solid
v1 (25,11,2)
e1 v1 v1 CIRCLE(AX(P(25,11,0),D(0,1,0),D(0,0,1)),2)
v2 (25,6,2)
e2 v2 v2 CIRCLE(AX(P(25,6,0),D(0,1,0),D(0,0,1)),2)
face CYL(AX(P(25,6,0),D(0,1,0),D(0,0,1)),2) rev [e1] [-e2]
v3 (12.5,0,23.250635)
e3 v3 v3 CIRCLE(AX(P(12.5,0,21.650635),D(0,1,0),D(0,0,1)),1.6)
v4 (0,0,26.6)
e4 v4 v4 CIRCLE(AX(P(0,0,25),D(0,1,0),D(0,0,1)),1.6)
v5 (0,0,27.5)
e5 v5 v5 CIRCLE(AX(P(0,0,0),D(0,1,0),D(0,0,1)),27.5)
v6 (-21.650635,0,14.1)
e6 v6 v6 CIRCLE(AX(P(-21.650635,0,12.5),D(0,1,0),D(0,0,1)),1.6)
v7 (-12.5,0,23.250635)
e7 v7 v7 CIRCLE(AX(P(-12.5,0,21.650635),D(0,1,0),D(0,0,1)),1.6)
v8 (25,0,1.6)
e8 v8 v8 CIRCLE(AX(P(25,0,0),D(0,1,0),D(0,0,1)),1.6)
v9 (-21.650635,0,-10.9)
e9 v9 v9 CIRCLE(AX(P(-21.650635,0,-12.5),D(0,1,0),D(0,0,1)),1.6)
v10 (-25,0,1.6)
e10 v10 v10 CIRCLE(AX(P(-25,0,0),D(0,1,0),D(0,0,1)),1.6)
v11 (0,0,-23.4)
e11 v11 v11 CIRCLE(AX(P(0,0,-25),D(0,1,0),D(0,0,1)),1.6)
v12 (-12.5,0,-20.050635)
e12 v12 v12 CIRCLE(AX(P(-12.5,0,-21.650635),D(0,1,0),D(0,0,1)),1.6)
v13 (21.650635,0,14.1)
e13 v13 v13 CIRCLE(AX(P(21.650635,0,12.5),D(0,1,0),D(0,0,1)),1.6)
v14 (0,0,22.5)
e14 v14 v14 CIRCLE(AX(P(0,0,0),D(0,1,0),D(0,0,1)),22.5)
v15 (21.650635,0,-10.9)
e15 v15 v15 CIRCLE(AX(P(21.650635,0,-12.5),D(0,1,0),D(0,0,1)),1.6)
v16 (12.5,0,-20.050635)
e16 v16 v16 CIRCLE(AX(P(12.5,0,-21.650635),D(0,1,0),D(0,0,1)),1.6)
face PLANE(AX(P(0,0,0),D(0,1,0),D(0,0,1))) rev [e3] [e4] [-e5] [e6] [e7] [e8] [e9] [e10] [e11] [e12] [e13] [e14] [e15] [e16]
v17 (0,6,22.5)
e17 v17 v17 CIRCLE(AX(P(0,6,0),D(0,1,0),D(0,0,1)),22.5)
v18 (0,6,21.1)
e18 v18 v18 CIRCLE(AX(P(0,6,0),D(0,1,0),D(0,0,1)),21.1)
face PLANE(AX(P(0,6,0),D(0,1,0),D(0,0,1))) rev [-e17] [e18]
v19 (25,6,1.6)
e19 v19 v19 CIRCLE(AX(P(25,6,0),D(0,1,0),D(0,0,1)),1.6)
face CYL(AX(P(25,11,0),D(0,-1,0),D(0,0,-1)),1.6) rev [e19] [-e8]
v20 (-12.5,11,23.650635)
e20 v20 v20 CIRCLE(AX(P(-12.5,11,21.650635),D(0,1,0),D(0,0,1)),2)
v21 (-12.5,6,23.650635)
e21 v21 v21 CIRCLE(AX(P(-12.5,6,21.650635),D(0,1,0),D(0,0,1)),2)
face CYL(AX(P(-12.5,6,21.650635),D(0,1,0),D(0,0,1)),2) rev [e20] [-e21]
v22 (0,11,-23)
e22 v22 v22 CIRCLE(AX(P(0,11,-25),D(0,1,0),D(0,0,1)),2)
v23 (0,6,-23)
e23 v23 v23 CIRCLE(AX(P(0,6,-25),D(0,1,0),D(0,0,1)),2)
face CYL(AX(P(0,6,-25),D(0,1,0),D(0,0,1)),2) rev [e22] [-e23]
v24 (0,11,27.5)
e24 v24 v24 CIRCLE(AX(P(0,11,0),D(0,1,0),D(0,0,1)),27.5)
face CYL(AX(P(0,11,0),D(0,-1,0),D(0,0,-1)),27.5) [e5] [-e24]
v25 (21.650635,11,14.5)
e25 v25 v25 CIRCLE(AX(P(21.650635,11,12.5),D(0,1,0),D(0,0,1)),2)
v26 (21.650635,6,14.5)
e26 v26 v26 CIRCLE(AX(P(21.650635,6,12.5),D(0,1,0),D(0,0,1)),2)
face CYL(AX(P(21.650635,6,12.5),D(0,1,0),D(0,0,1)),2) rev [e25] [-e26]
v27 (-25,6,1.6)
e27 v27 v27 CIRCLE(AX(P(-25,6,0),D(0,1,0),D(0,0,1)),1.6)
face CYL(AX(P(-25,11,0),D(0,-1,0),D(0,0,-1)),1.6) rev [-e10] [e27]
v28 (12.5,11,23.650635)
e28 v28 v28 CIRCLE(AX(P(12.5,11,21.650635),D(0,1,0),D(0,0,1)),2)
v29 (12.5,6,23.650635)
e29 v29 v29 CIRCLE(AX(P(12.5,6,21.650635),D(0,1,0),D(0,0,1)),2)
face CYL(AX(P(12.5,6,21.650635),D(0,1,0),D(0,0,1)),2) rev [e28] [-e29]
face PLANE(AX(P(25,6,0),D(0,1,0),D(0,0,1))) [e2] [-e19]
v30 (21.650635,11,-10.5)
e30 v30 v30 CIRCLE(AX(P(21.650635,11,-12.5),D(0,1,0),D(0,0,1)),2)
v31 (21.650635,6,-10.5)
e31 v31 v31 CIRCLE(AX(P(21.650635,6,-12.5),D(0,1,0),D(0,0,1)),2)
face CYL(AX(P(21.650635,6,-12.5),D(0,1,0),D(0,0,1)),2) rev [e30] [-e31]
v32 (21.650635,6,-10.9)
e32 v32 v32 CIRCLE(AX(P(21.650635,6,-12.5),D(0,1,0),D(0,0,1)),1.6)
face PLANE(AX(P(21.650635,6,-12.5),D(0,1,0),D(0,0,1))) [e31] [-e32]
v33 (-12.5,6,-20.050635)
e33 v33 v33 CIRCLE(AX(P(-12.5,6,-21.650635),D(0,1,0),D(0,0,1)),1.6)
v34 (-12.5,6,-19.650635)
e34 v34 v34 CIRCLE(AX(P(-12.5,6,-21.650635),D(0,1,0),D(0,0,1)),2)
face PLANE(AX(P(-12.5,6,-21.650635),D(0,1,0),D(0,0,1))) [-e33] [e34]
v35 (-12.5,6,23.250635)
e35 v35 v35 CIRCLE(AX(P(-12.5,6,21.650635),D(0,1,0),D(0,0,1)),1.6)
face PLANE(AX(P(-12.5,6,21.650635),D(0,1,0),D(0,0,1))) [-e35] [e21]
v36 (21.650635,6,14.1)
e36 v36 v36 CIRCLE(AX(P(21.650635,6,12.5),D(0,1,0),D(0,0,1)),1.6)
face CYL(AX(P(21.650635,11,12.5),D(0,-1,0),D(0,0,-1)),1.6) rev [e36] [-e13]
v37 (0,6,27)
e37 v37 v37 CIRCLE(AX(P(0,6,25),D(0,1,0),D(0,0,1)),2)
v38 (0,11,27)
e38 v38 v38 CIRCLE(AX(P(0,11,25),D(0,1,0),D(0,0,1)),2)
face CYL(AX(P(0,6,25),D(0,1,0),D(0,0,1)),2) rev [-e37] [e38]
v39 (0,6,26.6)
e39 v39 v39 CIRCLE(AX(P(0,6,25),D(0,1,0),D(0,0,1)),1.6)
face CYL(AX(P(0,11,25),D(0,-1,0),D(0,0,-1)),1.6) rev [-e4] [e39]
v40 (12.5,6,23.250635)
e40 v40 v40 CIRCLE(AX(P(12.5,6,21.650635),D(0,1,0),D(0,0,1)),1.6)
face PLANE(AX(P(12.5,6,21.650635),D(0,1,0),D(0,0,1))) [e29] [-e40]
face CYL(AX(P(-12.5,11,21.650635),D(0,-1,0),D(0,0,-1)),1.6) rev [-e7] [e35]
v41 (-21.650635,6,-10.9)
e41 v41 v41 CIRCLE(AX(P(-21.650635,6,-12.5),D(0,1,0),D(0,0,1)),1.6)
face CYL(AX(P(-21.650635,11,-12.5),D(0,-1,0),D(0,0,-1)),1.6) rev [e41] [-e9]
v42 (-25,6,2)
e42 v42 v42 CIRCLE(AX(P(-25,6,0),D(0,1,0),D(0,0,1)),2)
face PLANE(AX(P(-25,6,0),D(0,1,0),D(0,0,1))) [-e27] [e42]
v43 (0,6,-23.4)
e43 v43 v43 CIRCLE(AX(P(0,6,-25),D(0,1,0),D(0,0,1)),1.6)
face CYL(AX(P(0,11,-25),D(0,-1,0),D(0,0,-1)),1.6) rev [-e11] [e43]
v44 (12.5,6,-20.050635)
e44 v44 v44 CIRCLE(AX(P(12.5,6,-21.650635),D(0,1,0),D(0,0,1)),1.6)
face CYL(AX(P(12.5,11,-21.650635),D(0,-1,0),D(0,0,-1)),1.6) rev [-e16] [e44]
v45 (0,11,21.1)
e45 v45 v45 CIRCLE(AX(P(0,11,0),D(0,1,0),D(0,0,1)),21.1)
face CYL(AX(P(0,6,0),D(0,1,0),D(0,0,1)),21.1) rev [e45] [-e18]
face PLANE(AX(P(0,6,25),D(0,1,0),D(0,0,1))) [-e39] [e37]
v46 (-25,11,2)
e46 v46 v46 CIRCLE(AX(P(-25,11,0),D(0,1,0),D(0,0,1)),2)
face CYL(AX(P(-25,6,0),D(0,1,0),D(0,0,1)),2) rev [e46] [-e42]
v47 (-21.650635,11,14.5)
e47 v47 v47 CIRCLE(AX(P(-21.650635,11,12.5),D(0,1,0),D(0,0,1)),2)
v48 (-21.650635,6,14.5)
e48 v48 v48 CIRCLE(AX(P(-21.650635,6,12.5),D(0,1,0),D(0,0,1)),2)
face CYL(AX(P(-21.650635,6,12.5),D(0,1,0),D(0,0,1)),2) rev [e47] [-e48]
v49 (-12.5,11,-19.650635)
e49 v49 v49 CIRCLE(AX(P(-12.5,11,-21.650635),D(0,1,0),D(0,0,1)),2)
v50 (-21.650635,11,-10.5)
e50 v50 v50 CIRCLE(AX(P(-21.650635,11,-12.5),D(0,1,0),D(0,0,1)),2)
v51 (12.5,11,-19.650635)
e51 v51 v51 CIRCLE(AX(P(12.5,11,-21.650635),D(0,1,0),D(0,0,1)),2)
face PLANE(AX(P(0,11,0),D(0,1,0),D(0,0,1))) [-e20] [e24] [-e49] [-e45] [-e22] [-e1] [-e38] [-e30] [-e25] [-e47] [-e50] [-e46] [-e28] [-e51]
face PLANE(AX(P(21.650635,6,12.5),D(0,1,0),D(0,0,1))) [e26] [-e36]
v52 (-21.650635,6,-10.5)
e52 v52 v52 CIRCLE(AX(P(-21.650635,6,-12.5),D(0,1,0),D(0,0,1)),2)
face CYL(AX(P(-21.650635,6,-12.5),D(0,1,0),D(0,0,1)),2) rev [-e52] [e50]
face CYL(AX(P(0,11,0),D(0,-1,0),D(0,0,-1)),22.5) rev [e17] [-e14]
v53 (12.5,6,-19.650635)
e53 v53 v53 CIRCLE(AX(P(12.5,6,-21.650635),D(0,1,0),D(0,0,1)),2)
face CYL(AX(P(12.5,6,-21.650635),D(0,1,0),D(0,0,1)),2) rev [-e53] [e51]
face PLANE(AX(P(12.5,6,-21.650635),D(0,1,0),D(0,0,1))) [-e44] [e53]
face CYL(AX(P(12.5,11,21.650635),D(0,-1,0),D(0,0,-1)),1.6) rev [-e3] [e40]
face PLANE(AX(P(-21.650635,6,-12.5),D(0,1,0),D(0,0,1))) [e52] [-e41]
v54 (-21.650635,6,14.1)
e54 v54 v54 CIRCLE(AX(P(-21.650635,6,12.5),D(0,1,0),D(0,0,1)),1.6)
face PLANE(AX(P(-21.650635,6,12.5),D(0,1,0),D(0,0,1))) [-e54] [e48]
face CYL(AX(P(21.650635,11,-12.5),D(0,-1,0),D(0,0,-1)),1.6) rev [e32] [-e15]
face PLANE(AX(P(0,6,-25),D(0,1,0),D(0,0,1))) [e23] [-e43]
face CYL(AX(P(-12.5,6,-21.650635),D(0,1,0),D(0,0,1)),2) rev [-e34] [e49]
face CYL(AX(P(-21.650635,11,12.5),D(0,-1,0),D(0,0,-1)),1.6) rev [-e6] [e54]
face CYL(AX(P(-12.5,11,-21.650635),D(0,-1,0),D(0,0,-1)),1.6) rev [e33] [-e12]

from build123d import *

# Parameters (mm, degrees)
SKETCH1_R           = 27.5
SKETCH1_R_2         = 22.5
SKETCH1_R_3         = 1.6
BOSS_EXTRUDE1_DEPTH = 11
SKETCH2_R           = 22.5
SKETCH2_R_2         = 21.1
BOSS_EXTRUDE2_DEPTH = 5
SKETCH3_R           = 2
CUT_EXTRUDE1_DEPTH  = 5


with BuildPart() as part:
    # Sketch1 → Boss-Extrude1 (new body)
    with BuildSketch(Plane(origin=(0, 0, 0), x_dir=(1, 0, 0), z_dir=(0, 1, 0))):
        Circle(SKETCH1_R)
        Circle(SKETCH1_R_2, mode=Mode.SUBTRACT)
        with Locations((0, 25)):
            Circle(SKETCH1_R_3, mode=Mode.SUBTRACT)
        with Locations((12.5, 21.650635095)):
            Circle(SKETCH1_R_3, mode=Mode.SUBTRACT)
        with Locations((21.650635095, 12.5)):
            Circle(SKETCH1_R_3, mode=Mode.SUBTRACT)
        with Locations((25, 0)):
            Circle(SKETCH1_R_3, mode=Mode.SUBTRACT)
        with Locations((21.650635095, -12.5)):
            Circle(SKETCH1_R_3, mode=Mode.SUBTRACT)
        with Locations((12.5, -21.650635095)):
            Circle(SKETCH1_R_3, mode=Mode.SUBTRACT)
        with Locations((0, -25)):
            Circle(SKETCH1_R_3, mode=Mode.SUBTRACT)
        with Locations((-12.5, -21.650635095)):
            Circle(SKETCH1_R_3, mode=Mode.SUBTRACT)
        with Locations((-21.650635095, -12.5)):
            Circle(SKETCH1_R_3, mode=Mode.SUBTRACT)
        with Locations((-25, 0)):
            Circle(SKETCH1_R_3, mode=Mode.SUBTRACT)
        with Locations((-21.650635095, 12.5)):
            Circle(SKETCH1_R_3, mode=Mode.SUBTRACT)
        with Locations((-12.5, 21.650635095)):
            Circle(SKETCH1_R_3, mode=Mode.SUBTRACT)
    extrude(amount=BOSS_EXTRUDE1_DEPTH)

    # Sketch2 → Boss-Extrude2 (add)
    with BuildSketch(Plane(origin=(0, 11, 0), x_dir=(1, 0, 0), z_dir=(0, 1, 0))):
        Circle(SKETCH2_R)
        Circle(SKETCH2_R_2, mode=Mode.SUBTRACT)
    extrude(amount=-BOSS_EXTRUDE2_DEPTH)

    # Sketch3 → Cut-Extrude1 (cut)
    with BuildSketch(Plane(origin=(0, 11, 0), x_dir=(1, 0, 0), z_dir=(0, 1, 0))):
        with Locations((0, 25)):
            Circle(SKETCH3_R)
        with Locations((12.5, 21.650635095)):
            Circle(SKETCH3_R)
        with Locations((21.650635095, 12.5)):
            Circle(SKETCH3_R)
        with Locations((25, 0)):
            Circle(SKETCH3_R)
        with Locations((21.650635095, -12.5)):
            Circle(SKETCH3_R)
        with Locations((12.5, -21.650635095)):
            Circle(SKETCH3_R)
        with Locations((0, -25)):
            Circle(SKETCH3_R)
        with Locations((-12.5, -21.650635095)):
            Circle(SKETCH3_R)
        with Locations((-21.650635095, -12.5)):
            Circle(SKETCH3_R)
        with Locations((-25, 0)):
            Circle(SKETCH3_R)
        with Locations((-21.650635095, 12.5)):
            Circle(SKETCH3_R)
        with Locations((-12.5, 21.650635095)):
            Circle(SKETCH3_R)
    extrude(amount=-CUT_EXTRUDE1_DEPTH, mode=Mode.SUBTRACT)


solid = part.part
